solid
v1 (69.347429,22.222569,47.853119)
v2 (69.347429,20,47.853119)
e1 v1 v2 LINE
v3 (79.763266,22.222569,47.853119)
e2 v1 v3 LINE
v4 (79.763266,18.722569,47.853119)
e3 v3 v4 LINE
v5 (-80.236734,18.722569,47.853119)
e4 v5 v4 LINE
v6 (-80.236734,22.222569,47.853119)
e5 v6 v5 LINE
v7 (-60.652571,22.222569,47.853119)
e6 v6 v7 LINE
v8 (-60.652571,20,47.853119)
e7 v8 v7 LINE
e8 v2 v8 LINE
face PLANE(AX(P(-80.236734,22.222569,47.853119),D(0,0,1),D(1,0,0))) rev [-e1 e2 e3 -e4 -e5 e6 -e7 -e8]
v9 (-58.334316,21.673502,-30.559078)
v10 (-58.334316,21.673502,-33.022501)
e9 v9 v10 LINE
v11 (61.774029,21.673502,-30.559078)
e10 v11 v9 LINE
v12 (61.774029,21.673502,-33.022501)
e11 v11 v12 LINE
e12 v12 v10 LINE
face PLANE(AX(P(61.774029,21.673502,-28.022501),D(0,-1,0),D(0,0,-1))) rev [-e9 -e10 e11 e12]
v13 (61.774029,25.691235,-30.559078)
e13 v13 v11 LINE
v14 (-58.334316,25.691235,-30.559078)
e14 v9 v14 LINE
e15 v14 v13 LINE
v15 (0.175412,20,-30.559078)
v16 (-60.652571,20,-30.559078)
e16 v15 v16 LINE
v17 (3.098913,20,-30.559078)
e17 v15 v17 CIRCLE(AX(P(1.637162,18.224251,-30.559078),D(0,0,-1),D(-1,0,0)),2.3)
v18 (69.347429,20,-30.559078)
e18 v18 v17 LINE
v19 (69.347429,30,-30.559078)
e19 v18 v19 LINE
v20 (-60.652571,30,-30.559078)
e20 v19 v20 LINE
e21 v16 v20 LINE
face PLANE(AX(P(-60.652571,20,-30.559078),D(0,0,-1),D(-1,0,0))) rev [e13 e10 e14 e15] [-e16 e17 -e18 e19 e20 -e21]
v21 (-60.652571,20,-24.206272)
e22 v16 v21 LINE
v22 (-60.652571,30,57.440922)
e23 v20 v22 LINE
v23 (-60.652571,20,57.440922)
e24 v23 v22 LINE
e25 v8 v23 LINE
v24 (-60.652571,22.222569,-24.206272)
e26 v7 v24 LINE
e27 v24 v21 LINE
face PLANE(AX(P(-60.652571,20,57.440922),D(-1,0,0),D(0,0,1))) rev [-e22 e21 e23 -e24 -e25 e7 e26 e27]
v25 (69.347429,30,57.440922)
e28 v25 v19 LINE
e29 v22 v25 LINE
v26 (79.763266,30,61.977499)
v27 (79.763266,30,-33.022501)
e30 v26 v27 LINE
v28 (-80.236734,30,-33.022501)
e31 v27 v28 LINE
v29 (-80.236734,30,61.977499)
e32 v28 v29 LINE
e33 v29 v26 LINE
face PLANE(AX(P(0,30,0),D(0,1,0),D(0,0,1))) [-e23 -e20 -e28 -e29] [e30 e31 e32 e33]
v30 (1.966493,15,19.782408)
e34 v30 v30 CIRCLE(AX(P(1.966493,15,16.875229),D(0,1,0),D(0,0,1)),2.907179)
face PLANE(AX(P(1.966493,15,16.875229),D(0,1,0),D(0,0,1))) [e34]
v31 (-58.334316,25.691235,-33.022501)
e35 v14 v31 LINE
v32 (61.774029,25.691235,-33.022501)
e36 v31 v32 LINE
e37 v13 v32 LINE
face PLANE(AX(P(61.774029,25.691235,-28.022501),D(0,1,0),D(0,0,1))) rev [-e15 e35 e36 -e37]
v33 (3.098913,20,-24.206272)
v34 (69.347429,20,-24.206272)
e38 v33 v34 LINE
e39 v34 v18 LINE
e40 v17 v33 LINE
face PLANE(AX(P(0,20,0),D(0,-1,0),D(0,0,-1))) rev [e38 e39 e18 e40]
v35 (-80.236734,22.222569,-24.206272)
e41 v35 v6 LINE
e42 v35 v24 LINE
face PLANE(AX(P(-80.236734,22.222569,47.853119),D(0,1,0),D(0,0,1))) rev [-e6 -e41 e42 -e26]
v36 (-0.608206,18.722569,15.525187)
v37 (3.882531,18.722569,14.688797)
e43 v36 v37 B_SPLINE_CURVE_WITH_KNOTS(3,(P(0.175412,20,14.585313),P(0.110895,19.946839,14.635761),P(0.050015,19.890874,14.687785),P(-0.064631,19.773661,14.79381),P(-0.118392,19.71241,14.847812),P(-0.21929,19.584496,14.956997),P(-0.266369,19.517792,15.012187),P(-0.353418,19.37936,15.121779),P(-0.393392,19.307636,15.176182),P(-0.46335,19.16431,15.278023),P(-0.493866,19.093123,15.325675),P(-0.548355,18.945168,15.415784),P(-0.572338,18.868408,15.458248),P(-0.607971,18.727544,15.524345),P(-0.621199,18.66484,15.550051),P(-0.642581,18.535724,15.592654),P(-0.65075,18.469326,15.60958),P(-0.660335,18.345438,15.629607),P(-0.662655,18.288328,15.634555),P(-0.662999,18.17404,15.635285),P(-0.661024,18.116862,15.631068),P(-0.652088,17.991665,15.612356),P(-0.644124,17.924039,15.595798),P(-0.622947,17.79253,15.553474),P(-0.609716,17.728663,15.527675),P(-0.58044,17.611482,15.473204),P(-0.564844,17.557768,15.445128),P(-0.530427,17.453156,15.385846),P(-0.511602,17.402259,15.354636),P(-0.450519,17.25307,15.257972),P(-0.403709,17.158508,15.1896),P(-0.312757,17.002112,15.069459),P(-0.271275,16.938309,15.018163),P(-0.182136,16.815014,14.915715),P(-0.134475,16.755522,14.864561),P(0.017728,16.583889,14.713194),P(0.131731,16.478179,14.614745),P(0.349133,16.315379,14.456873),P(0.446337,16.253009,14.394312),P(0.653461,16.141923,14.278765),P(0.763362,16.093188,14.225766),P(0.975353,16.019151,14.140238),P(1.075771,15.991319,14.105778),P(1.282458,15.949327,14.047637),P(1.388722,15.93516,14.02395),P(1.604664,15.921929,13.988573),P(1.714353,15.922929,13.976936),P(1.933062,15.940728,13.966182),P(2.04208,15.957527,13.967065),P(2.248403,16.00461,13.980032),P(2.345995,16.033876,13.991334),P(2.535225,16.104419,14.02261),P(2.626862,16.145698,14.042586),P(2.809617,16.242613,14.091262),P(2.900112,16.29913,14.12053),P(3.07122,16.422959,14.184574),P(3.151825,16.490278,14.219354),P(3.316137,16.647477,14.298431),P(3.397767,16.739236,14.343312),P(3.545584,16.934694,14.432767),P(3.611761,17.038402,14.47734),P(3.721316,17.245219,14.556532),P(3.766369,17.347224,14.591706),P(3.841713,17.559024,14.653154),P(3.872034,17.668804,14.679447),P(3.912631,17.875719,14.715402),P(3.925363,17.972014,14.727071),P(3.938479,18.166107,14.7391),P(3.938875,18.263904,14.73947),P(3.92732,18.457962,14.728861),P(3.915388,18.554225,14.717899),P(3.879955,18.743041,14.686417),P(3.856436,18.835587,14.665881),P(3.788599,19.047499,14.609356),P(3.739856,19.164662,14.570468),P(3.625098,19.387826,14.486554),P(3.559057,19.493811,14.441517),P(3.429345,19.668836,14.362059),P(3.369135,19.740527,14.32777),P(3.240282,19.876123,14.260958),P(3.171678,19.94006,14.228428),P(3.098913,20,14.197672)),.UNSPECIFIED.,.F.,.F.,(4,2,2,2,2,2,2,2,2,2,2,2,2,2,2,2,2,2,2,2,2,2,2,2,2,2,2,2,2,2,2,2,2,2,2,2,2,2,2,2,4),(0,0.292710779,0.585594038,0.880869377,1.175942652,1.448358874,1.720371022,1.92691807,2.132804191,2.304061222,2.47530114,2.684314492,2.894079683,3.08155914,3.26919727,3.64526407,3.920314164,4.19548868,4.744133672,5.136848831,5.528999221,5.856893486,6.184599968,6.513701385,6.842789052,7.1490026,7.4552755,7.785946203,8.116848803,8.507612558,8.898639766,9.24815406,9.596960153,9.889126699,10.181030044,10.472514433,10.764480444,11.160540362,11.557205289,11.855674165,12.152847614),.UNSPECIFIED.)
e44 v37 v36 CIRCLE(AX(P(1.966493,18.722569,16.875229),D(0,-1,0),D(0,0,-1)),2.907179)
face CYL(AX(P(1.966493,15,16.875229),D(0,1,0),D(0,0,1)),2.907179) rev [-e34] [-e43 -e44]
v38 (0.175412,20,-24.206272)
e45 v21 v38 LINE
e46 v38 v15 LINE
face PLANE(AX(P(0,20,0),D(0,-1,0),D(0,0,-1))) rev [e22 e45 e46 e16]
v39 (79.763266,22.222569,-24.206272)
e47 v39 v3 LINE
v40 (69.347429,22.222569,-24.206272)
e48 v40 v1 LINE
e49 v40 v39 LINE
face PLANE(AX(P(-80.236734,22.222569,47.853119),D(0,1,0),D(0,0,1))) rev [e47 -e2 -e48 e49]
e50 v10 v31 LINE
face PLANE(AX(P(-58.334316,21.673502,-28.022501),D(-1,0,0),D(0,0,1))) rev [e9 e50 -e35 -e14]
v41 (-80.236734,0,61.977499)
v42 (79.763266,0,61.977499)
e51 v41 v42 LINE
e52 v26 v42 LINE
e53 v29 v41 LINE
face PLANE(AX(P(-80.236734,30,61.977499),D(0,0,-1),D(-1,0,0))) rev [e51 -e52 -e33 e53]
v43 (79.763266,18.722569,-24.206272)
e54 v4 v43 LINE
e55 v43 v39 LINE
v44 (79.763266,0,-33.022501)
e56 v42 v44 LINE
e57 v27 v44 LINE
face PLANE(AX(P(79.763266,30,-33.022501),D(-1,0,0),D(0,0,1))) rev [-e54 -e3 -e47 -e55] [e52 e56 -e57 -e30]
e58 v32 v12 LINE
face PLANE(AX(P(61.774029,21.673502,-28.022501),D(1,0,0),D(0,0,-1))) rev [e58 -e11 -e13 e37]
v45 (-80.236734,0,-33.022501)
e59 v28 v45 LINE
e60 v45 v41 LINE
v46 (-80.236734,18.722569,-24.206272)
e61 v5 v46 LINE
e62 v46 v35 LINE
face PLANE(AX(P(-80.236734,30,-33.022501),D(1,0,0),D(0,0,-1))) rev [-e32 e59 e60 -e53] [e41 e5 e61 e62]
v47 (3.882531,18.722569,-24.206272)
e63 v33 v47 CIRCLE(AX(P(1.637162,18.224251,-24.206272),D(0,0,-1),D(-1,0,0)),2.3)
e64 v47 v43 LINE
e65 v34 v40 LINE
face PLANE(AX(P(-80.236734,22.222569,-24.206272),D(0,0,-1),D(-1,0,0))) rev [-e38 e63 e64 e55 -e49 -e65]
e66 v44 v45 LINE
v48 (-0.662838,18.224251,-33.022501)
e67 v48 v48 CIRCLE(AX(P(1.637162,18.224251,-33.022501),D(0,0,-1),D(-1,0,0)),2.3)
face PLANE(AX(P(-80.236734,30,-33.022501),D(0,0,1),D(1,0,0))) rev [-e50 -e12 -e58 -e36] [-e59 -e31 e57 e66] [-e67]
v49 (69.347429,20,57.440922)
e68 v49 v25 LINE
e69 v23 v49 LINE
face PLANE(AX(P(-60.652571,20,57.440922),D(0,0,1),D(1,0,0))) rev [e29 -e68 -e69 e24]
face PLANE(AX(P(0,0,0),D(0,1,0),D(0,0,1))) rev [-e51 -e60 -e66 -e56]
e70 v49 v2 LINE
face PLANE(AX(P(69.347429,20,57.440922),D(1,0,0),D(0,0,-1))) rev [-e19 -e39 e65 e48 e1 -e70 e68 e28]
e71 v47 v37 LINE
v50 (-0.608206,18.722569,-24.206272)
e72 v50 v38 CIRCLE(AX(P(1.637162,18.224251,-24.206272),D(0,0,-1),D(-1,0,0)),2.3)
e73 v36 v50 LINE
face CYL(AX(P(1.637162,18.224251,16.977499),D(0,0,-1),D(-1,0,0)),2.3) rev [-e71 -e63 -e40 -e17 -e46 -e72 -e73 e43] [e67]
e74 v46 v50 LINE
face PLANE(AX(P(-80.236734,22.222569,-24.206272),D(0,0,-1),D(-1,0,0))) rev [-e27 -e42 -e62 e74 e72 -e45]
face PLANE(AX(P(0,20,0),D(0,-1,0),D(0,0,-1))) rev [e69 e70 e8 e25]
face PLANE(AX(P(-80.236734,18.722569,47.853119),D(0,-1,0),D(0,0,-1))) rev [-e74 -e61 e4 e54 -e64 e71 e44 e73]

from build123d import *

# Parameters (mm, degrees)
SKETCH1_W               = 160
SKETCH1_H               = 95
BOSS_EXTRUDE1_DEPTH     = 30
SKETCH3_W               = 130
SKETCH3_H               = 88
CUT_EXTRUDE1_DEPTH      = 10
SKETCH4_W               = 120.10834505
SKETCH4_H               = 4.01773352
CUT_EXTRUDE2_DEPTH      = 5
CUT_EXTRUDE4_START      = 10
SKETCH6_W               = 72.05939184
SKETCH6_H               = 3.5
CUT_EXTRUDE4_DEPTH      = 1
CUT_EXTRUDE4_DEPTH_BACK = 171
SKETCH7_R               = 2.3
CUT_EXTRUDE5_DEPTH      = 50
SKETCH8_R               = 2.907178759
CUT_EXTRUDE6_DEPTH      = 5


with BuildPart() as part:
    # Sketch1 → Boss-Extrude1 (new body)
    with BuildSketch(Plane(origin=(0, 0, 0), x_dir=(1, 0, 0), z_dir=(0, 1, 0))):
        with Locations((-0.236733524, -14.477499078)):
            Rectangle(SKETCH1_W, SKETCH1_H)
    extrude(amount=BOSS_EXTRUDE1_DEPTH)

    # Sketch3 → Cut-Extrude1 (cut)
    with BuildSketch(Plane(origin=(0, 30, 0), x_dir=(1, 0, 0), z_dir=(0, 1, 0))):
        with Locations((4.347428577, -13.440922118)):
            Rectangle(SKETCH3_W, SKETCH3_H)
    extrude(amount=-CUT_EXTRUDE1_DEPTH, mode=Mode.SUBTRACT)

    # Sketch4 → Cut-Extrude2 (cut)
    with BuildSketch(Plane(origin=(0, 0, -33.022500922), x_dir=(-1, 0, 0), z_dir=(0, 0, -1))):
        with Locations((-1.719856556, 23.682368484)):
            Rectangle(SKETCH4_W, SKETCH4_H)
    extrude(amount=-CUT_EXTRUDE2_DEPTH, mode=Mode.SUBTRACT)

    # Sketch6 → Cut-Extrude4 (cut, two sides)
    with BuildSketch(Plane(origin=(79.763266476, 0, 0), x_dir=(0, 0, -1), z_dir=(1, 0, 0)).offset(CUT_EXTRUDE4_START)) as cut_extrude4_sk:
        with Locations((-11.823423429, 20.472568853)):
            Rectangle(SKETCH6_W, SKETCH6_H)
    extrude(amount=CUT_EXTRUDE4_DEPTH, mode=Mode.SUBTRACT)
    extrude(cut_extrude4_sk.sketch, amount=-CUT_EXTRUDE4_DEPTH_BACK, mode=Mode.SUBTRACT)

    # Sketch7 → Cut-Extrude5 (cut)
    with BuildSketch(Plane(origin=(-65.187547899, 5.789113432, -33.022500922), x_dir=(-1, 0, 0), z_dir=(0, 0, -1))):
        with Locations((-66.824710363, 12.43513753)):
            Circle(SKETCH7_R)
    extrude(amount=-CUT_EXTRUDE5_DEPTH, mode=Mode.SUBTRACT)

    # Sketch8 → Cut-Extrude6 (cut)
    with BuildSketch(Plane(origin=(0, 20, 0), x_dir=(1, 0, 0), z_dir=(0, 1, 0))):
        with Locations((1.966492652, -16.875229275)):
            Circle(SKETCH8_R)
    extrude(amount=-CUT_EXTRUDE6_DEPTH, mode=Mode.SUBTRACT)


solid = part.part
